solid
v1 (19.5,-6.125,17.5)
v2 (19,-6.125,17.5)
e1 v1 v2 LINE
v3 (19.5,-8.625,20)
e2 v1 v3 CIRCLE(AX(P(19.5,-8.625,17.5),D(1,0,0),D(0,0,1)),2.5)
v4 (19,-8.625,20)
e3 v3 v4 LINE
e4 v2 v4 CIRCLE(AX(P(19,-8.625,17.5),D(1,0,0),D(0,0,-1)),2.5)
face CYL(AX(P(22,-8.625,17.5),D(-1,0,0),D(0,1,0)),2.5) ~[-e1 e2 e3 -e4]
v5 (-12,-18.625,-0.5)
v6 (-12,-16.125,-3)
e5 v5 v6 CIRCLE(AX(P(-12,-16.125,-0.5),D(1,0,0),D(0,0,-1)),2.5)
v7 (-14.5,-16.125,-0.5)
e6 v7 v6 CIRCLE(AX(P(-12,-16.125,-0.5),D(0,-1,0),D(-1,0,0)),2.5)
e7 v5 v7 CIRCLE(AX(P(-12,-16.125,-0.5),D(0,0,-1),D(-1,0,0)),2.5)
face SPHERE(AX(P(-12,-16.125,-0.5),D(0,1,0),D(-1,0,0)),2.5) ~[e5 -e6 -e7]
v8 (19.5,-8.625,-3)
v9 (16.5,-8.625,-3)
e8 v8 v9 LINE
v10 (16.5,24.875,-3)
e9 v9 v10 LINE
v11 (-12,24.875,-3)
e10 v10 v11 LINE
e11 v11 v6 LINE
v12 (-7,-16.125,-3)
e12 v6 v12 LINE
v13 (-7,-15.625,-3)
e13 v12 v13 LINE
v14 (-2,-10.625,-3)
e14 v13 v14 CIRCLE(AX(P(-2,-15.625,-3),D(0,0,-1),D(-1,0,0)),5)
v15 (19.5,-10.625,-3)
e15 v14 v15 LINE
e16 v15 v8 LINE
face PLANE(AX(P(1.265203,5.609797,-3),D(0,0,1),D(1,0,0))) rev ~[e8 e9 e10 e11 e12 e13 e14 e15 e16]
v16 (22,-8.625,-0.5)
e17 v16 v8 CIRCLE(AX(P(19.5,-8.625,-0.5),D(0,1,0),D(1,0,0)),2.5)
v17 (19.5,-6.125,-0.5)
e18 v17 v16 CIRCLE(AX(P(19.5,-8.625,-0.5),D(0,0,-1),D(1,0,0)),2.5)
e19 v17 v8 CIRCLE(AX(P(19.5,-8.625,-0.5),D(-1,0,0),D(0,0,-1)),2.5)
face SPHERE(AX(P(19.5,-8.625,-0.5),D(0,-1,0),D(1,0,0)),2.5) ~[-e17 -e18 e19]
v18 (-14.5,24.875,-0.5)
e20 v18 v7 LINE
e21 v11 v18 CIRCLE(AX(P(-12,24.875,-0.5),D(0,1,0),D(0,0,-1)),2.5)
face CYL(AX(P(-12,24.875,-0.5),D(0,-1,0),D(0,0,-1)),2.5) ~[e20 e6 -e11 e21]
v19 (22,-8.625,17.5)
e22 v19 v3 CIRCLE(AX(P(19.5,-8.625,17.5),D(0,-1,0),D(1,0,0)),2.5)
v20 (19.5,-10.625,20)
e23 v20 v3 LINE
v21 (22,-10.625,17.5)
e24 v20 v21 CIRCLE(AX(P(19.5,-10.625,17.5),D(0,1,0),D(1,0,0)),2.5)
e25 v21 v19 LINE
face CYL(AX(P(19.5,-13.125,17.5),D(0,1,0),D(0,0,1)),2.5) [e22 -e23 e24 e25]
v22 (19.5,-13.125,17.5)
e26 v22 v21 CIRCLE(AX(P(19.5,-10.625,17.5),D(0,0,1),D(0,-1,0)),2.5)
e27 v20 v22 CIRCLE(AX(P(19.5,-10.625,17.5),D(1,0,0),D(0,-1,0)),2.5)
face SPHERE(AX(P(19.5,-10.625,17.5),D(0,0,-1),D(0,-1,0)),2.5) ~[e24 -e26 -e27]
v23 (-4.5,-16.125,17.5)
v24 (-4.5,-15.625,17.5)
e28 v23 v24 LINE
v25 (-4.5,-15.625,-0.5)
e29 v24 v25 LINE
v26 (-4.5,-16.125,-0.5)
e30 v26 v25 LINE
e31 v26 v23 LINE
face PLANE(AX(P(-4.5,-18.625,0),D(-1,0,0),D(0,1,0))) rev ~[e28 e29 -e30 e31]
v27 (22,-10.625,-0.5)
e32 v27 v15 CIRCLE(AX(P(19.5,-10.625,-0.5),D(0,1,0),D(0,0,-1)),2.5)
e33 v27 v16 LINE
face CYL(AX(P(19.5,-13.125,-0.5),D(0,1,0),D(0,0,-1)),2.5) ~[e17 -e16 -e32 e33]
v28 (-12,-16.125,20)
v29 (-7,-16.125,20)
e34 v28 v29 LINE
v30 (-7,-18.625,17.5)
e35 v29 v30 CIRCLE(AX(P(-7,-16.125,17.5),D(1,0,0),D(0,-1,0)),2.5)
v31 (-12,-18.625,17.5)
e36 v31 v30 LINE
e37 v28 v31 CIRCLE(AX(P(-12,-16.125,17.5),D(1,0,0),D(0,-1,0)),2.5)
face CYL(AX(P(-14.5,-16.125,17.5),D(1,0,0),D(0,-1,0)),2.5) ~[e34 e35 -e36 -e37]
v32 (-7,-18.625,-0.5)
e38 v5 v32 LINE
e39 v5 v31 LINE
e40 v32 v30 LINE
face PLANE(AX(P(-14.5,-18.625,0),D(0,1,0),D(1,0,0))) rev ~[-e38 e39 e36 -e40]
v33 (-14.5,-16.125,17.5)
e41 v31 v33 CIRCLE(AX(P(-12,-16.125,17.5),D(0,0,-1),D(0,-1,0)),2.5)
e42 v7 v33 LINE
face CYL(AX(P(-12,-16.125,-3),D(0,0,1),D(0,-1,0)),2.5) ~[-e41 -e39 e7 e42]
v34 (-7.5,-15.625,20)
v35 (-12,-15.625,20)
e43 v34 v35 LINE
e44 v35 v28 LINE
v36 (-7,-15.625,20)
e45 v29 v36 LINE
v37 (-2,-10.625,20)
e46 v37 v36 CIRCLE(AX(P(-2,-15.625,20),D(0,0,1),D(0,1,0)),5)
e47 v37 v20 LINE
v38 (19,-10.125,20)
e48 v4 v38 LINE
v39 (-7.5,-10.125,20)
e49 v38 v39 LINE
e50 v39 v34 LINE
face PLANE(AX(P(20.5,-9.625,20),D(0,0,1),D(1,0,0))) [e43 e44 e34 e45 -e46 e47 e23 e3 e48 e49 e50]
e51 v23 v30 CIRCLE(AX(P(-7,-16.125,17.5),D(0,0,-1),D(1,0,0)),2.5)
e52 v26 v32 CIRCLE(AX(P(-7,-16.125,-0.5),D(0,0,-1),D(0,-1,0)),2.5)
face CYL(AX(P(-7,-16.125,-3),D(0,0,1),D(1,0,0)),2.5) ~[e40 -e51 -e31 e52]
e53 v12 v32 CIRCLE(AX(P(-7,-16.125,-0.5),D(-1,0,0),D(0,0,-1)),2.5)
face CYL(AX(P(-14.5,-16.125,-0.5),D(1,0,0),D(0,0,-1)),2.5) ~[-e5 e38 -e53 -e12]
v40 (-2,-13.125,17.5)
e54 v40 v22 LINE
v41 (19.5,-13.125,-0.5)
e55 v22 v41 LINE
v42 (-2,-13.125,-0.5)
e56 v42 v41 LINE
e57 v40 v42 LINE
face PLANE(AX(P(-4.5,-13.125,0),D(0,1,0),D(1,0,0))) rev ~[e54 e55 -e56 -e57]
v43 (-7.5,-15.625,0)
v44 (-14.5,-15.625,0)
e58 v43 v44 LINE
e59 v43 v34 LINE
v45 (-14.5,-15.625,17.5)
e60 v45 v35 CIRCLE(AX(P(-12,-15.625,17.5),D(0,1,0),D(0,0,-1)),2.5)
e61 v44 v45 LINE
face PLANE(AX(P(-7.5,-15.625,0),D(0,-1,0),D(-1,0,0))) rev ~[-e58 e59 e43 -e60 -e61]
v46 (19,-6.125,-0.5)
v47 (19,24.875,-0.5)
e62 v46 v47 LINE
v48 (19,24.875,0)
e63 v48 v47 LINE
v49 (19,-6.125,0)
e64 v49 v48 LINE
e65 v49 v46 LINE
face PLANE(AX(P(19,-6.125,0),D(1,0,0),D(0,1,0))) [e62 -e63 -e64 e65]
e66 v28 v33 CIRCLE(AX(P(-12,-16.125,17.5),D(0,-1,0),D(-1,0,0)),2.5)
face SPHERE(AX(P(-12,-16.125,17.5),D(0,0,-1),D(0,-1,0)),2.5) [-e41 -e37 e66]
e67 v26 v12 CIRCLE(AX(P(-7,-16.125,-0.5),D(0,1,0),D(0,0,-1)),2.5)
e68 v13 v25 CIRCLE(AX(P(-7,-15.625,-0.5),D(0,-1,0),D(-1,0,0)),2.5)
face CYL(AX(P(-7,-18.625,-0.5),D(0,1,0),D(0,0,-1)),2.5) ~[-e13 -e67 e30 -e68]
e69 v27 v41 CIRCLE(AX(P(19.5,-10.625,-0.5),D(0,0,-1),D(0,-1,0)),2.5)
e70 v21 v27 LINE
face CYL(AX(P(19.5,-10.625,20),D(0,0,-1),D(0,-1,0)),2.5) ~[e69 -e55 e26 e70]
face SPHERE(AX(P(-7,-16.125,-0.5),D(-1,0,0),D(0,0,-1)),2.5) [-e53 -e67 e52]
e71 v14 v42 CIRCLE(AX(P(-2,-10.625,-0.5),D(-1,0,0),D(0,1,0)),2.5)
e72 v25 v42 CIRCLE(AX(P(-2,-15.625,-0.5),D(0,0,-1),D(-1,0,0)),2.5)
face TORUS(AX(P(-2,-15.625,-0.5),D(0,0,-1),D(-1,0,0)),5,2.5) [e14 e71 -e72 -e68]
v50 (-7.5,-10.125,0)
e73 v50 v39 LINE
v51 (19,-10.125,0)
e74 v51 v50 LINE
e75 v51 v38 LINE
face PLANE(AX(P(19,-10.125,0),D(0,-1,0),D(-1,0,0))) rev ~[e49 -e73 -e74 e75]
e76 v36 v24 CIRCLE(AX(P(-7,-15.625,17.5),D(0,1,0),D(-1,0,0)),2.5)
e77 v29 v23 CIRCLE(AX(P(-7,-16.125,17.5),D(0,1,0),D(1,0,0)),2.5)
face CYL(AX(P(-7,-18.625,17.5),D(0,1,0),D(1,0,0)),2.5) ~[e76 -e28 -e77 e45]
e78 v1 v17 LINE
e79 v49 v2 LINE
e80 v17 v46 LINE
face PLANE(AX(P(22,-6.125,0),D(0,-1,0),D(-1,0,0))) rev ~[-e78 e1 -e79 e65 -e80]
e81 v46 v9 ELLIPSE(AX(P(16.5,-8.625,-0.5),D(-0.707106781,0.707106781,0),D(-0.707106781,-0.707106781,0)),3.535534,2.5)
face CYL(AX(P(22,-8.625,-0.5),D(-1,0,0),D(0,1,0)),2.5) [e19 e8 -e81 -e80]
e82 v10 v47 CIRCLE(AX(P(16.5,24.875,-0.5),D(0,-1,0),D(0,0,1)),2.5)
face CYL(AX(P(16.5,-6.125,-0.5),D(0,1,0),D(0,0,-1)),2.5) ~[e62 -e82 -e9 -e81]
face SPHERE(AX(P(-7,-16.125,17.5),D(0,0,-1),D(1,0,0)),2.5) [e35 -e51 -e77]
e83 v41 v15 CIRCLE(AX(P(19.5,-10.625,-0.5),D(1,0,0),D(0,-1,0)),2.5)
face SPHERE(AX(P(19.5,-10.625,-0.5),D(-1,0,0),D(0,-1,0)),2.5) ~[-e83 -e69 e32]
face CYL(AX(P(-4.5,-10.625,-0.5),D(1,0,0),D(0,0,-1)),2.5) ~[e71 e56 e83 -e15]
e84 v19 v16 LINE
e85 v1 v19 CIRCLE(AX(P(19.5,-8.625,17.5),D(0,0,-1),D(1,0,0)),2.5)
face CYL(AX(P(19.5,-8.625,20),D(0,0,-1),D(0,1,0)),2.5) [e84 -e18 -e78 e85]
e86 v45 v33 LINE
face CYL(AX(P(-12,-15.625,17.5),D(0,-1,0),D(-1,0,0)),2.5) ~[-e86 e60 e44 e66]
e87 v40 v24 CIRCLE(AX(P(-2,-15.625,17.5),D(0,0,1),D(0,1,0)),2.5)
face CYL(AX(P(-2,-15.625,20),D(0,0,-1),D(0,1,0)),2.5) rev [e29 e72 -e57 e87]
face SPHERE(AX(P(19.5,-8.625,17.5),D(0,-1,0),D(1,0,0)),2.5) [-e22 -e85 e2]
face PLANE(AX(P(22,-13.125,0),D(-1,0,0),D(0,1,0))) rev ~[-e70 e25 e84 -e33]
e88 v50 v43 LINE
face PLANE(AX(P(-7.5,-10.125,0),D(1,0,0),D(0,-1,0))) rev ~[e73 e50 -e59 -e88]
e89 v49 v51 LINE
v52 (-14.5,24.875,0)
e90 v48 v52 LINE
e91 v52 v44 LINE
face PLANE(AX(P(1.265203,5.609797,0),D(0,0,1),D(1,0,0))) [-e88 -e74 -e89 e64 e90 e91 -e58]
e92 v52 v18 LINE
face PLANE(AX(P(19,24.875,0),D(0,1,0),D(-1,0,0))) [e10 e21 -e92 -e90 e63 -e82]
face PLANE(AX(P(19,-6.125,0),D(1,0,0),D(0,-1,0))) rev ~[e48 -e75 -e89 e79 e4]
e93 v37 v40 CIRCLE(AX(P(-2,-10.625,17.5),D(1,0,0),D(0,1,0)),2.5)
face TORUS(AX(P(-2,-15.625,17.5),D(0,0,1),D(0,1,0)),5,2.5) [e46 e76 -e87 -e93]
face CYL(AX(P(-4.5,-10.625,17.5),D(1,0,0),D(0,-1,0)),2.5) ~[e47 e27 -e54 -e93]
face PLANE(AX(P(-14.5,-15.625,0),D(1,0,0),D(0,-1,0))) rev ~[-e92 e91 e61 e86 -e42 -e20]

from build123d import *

# Parameters (mm, degrees)
F0_W     = 23.5
F0_H     = 3
F1_DEPTH = 3
F2_DEPTH = 20
F3_R     = 2.5


with BuildPart() as f1:
    # F0 (on Top) → F1 (new body)
    with BuildSketch(Plane.XY):
        Polygon((-14.5, 24.875), (-14.5, -15.625), (-7.5, -15.625), (-7.5, -10.125), (-4.5, -10.125), (19, -10.125), (19, -6.125), (19, 24.875), align=None)
        Polygon((-7.5, -15.625), (-14.5, -15.625), (-14.5, -18.625), (-7.5, -18.625), (-4.5, -18.625), (-4.5, -13.125), (-4.5, -10.125), (-7.5, -10.125), align=None)
        with Locations((7.25, -11.625)):
            Rectangle(F0_W, F0_H)
        Polygon((22, -6.125), (19, -6.125), (19, -10.125), (19, -13.125), (22, -13.125), (22, -10.125), align=None)
    extrude(amount=-F1_DEPTH)

    # F0 (on Top) → F2 (join)
    with BuildSketch(Plane.XY):
        Polygon((22, -6.125), (19, -6.125), (19, -10.125), (19, -13.125), (22, -13.125), (22, -10.125), align=None)
        with Locations((7.25, -11.625)):
            Rectangle(F0_W, F0_H)
        Polygon((-7.5, -15.625), (-14.5, -15.625), (-14.5, -18.625), (-7.5, -18.625), (-4.5, -18.625), (-4.5, -13.125), (-4.5, -10.125), (-7.5, -10.125), align=None)
    extrude(amount=F2_DEPTH)

    # F3
    f3_edges = [f1.edges().sort_by_distance(p)[0] for p in [
        (-14.5, 3.125, -3),
        (-14.5, -18.625, 8.5),
        (-9.5, -18.625, -3),
        (-4.5, -15.875, -3),
        (8.75, -13.125, -3),
        (-4.5, -13.125, 8.5),
        (-4.5, -18.625, 8.5),
        (22, -13.125, 8.5),
        (22, -9.625, -3),
        (8.75, -13.125, 20),
        (-4.5, -15.875, 20),
        (-9.5, -18.625, 20),
        (22, -9.625, 20),
        (22, -6.125, 8.5),
        (20.5, -6.125, -3),
        (19, 9.375, -3),
        (20.5, -6.125, 20),
        (-14.5, -17.125, 20),
    ]]
    fillet(f3_edges, radius=F3_R)


solid = f1.part
